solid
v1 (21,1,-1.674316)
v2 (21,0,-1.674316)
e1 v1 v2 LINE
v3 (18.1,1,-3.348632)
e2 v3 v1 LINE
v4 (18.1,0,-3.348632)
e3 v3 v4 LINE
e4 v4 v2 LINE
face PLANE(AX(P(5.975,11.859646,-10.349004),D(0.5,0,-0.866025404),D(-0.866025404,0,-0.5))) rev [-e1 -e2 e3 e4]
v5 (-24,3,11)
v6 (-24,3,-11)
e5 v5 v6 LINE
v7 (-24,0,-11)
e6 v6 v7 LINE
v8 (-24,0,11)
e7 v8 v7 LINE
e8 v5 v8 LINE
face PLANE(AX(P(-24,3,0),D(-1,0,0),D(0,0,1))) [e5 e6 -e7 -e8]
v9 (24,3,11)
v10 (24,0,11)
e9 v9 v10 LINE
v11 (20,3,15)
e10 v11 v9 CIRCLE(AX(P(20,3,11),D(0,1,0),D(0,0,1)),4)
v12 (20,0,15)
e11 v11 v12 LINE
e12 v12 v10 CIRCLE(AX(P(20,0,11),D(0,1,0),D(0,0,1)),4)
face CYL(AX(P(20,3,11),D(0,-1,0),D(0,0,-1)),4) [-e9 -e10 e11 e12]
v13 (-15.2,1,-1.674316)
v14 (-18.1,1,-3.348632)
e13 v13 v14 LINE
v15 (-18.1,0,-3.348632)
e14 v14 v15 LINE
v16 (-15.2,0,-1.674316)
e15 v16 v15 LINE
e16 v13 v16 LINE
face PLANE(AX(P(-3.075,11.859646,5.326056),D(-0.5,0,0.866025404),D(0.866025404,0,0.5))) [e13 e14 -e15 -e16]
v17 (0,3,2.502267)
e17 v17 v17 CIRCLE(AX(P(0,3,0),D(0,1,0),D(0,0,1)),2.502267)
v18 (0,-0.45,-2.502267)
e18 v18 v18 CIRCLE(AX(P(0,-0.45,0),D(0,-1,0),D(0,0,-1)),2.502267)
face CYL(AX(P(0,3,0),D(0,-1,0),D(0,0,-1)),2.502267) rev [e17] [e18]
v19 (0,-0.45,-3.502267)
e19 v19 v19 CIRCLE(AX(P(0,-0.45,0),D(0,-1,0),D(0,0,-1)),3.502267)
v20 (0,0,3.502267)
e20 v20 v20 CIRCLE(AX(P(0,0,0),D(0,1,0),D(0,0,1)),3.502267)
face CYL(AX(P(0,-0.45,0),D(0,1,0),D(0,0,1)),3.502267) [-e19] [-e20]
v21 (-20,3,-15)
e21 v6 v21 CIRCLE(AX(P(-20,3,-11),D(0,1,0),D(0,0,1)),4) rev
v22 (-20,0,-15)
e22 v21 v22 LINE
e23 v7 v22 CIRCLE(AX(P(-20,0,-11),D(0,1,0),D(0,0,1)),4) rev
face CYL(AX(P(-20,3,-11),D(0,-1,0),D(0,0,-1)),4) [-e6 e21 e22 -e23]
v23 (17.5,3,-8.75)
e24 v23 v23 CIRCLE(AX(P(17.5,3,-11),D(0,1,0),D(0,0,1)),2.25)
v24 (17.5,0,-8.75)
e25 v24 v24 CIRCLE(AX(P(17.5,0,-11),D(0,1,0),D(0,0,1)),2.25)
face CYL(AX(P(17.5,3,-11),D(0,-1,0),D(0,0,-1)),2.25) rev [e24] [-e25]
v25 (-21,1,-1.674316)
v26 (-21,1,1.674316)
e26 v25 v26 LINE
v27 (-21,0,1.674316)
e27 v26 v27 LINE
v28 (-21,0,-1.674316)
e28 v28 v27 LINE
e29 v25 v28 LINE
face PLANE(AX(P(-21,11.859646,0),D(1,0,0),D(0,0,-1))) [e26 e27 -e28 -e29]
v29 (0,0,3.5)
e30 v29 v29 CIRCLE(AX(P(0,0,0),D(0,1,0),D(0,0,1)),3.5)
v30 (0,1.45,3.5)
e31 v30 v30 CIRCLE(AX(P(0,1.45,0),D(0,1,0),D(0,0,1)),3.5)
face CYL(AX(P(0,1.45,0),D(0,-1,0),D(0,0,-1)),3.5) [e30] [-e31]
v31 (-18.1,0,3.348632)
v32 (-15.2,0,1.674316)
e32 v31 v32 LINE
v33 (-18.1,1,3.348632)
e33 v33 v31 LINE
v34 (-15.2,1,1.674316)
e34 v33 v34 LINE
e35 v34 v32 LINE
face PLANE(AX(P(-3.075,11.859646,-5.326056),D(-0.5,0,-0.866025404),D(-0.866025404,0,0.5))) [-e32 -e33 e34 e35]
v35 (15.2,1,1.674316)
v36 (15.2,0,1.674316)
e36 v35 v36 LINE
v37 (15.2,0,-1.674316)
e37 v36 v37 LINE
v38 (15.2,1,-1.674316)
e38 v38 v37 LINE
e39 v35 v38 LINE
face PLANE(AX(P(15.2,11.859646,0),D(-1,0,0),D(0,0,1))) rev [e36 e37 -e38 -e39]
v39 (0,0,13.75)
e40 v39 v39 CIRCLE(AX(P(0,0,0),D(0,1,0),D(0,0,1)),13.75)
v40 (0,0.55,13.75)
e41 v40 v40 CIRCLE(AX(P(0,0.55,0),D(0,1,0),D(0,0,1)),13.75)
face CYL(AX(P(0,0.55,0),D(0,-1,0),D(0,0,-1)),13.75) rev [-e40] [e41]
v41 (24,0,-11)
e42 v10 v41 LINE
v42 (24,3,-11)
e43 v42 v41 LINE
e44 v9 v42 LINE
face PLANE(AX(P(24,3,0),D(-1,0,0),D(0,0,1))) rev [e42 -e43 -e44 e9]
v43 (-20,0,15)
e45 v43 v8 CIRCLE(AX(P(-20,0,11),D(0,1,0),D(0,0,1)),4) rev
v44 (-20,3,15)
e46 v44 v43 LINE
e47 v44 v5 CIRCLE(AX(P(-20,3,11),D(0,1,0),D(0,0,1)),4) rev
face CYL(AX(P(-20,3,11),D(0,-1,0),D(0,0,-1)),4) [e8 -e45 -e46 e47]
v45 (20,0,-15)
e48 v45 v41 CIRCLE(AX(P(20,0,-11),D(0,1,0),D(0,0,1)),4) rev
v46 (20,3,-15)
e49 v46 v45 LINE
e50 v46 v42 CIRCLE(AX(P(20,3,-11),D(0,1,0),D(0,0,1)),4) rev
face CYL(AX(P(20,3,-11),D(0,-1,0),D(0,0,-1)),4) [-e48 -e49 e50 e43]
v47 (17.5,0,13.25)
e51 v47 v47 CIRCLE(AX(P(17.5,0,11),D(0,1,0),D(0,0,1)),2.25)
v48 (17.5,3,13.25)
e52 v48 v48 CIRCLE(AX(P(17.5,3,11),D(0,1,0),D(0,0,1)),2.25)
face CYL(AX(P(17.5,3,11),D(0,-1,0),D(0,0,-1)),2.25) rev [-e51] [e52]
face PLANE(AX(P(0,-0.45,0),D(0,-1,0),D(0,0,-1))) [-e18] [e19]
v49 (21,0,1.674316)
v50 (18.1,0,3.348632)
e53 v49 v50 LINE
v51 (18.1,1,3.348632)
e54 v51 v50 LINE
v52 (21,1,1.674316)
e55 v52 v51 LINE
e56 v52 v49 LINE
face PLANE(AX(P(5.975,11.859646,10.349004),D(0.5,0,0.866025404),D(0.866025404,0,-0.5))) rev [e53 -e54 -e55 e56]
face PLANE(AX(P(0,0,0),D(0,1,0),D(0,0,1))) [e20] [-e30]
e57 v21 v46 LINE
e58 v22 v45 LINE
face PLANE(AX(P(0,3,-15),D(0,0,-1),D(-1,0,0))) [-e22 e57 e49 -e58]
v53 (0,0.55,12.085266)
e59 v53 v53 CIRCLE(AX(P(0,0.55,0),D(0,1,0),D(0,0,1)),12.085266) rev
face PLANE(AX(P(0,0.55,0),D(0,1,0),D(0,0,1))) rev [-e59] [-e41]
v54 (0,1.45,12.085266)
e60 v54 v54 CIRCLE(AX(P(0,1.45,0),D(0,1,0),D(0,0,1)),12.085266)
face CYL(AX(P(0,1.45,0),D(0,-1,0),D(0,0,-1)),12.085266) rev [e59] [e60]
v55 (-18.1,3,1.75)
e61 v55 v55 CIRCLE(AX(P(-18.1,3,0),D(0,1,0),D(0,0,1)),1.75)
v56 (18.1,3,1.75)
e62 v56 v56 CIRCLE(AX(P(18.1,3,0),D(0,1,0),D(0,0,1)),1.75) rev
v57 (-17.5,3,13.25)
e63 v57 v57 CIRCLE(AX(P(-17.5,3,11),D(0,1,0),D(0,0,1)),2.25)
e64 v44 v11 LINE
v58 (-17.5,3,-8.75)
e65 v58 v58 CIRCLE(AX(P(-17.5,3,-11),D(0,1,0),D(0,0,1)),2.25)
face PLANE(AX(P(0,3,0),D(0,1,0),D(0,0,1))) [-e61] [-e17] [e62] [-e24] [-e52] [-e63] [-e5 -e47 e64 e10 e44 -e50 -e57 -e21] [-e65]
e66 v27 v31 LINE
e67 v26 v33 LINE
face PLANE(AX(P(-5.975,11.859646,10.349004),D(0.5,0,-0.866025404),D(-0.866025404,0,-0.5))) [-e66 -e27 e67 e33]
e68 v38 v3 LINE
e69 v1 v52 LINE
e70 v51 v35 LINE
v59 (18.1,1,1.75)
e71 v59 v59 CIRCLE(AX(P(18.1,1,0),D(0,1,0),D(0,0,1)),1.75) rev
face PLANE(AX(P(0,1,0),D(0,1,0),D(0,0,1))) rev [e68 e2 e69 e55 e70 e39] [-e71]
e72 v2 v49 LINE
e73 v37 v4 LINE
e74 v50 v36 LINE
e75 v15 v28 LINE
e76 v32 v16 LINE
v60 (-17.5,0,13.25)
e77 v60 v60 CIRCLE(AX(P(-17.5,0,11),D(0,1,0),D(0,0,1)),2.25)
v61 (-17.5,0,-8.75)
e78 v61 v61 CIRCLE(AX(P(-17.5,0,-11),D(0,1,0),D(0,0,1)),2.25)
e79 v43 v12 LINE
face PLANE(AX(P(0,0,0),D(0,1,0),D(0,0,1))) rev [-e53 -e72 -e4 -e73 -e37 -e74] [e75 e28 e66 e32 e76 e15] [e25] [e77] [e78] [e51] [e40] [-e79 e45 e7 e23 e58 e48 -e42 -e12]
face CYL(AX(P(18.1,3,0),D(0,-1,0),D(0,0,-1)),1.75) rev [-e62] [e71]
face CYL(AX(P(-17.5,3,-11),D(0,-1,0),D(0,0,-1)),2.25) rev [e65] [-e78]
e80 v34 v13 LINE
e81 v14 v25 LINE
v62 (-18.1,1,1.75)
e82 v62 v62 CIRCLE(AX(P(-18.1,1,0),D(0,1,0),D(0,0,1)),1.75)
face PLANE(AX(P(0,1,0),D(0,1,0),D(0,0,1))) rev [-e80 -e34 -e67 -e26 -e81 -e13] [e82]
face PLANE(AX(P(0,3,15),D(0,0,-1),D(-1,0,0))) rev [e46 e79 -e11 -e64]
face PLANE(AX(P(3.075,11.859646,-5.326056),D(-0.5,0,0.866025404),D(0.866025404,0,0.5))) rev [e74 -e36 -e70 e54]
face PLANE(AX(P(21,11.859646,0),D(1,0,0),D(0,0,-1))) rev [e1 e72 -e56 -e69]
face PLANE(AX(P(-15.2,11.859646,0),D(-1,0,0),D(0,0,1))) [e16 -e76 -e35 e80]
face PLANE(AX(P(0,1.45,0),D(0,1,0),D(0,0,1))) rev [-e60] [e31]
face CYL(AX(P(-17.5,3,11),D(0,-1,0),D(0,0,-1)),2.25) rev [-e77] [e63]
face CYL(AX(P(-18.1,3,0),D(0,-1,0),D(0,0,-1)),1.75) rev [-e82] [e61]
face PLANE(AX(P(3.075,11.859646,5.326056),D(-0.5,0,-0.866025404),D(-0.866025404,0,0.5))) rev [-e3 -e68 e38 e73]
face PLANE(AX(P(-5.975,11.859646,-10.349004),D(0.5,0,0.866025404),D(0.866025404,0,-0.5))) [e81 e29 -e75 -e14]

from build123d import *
from build123d.topology import SkipClean

# Parameters (mm, degrees)
ESBO_O1_R                = 2.502267334
ESBO_O1_R_2              = 2.25
ESBO_O1_R_3              = 1.75
RESSALTO_EXTRUS_O1_DEPTH = 3
CORTE_EXTRUS_O1_DEPTH    = 1
ESBO_O1_4_R              = 13.75
CORTE_EXTRUS_O3_DEPTH    = 0.55
RESSALTO_EXTRUS_O2_START = 1
ESBO_O2_R                = 3.502267334
ESBO_O2_R_2              = 2.502267334
RESSALTO_EXTRUS_O2_DEPTH = 1
ESBO_O1_5_R              = 12.085266094
ESBO_O1_5_R_2            = 3.5
CORTE_EXTRUS_O4_DEPTH    = 1.45


with BuildPart() as part:
    # Esboço1 → Ressalto-extrusão1 (new body)
    with BuildSketch(Plane(origin=(0, 0, 0), x_dir=(1, 0, 0), z_dir=(0, 1, 0))):
        with BuildLine():
            Line((-20, -15), (20, -15))
            ThreePointArc((20, -15), (22.828427125, -13.828427125), (24, -11))
            Line((24, -11), (24, 11))
            ThreePointArc((24, 11), (22.828427125, 13.828427125), (20, 15))
            Line((20, 15), (-20, 15))
            ThreePointArc((-20, 15), (-22.828427125, 13.828427125), (-24, 11))
            Line((-24, 11), (-24, -11))
            ThreePointArc((-24, -11), (-22.828427125, -13.828427125), (-20, -15))
        make_face()
        with Locations(Location((0, 0, 0), (0, 0, 270))):
            Circle(ESBO_O1_R, mode=Mode.SUBTRACT)
        with Locations(Location((-17.5, -11, 0), (0, 0, 270))):
            Circle(ESBO_O1_R_2, mode=Mode.SUBTRACT)
        with Locations(Location((-17.5, 11, 0), (0, 0, 270))):
            Circle(ESBO_O1_R_2, mode=Mode.SUBTRACT)
        with Locations(Location((17.5, -11, 0), (0, 0, 270))):
            Circle(ESBO_O1_R_2, mode=Mode.SUBTRACT)
        with Locations(Location((17.5, 11, 0), (0, 0, 270))):
            Circle(ESBO_O1_R_2, mode=Mode.SUBTRACT)
        with Locations(Location((-18.1, 0, 0), (0, 0, 270))):
            Circle(ESBO_O1_R_3, mode=Mode.SUBTRACT)
        with Locations(Location((18.1, 0, 0), (0, 0, 270))):
            Circle(ESBO_O1_R_3, mode=Mode.SUBTRACT)
    extrude(amount=RESSALTO_EXTRUS_O1_DEPTH)

    # Esboço1<3> → Corte-extrusão1 (cut)
    with BuildSketch(Plane(origin=(0, 0, 0), x_dir=(1, 0, 0), z_dir=(0, 1, 0))):
        Polygon((-21, 1.674315781), (-21, -1.674315781), (-18.1, -3.348631561), (-15.2, -1.674315781), (-15.2, 1.674315781), (-18.1, 3.348631561), align=None)
        Polygon((18.1, -3.348631561), (15.2, -1.674315781), (15.2, 1.674315781), (18.1, 3.348631561), (21, 1.674315781), (21, -1.674315781), align=None)
    extrude(amount=CORTE_EXTRUS_O1_DEPTH, mode=Mode.SUBTRACT)

    # Esboço1<4> → Corte-extrusão3 (cut)
    with BuildSketch(Plane(origin=(0, 0, 0), x_dir=(1, 0, 0), z_dir=(0, 1, 0))):
        with Locations(Location((0, 0, 0), (0, 0, 270))):
            Circle(ESBO_O1_4_R)
    extrude(amount=CORTE_EXTRUS_O3_DEPTH, mode=Mode.SUBTRACT)

    # Esboço2 → Ressalto-extrusão2 (add)
    with SkipClean():  # the faces are left unmerged after this step: merging them gives an invalid solid
        with BuildSketch(Plane.XZ.offset(-0.55).offset(RESSALTO_EXTRUS_O2_START)):
            with Locations(Location((0, 0, 0), (0, 0, 90))):
                Circle(ESBO_O2_R)
            with Locations(Location((0, 0, 0), (0, 0, 270))):
                Circle(ESBO_O2_R_2, mode=Mode.SUBTRACT)
        extrude(amount=-RESSALTO_EXTRUS_O2_DEPTH)

    # Esboço1<5> → Corte-extrusão4 (cut)
    with SkipClean():  # the faces are left unmerged after this step: merging them gives an invalid solid
        with BuildSketch(Plane(origin=(0, 0, 0), x_dir=(1, 0, 0), z_dir=(0, 1, 0))):
            with Locations(Location((0, 0, 0), (0, 0, 270))):
                Circle(ESBO_O1_5_R)
            with Locations(Location((0, 0, 0), (0, 0, 270))):
                Circle(ESBO_O1_5_R_2, mode=Mode.SUBTRACT)
        extrude(amount=CORTE_EXTRUS_O4_DEPTH, mode=Mode.SUBTRACT)


solid = part.part
